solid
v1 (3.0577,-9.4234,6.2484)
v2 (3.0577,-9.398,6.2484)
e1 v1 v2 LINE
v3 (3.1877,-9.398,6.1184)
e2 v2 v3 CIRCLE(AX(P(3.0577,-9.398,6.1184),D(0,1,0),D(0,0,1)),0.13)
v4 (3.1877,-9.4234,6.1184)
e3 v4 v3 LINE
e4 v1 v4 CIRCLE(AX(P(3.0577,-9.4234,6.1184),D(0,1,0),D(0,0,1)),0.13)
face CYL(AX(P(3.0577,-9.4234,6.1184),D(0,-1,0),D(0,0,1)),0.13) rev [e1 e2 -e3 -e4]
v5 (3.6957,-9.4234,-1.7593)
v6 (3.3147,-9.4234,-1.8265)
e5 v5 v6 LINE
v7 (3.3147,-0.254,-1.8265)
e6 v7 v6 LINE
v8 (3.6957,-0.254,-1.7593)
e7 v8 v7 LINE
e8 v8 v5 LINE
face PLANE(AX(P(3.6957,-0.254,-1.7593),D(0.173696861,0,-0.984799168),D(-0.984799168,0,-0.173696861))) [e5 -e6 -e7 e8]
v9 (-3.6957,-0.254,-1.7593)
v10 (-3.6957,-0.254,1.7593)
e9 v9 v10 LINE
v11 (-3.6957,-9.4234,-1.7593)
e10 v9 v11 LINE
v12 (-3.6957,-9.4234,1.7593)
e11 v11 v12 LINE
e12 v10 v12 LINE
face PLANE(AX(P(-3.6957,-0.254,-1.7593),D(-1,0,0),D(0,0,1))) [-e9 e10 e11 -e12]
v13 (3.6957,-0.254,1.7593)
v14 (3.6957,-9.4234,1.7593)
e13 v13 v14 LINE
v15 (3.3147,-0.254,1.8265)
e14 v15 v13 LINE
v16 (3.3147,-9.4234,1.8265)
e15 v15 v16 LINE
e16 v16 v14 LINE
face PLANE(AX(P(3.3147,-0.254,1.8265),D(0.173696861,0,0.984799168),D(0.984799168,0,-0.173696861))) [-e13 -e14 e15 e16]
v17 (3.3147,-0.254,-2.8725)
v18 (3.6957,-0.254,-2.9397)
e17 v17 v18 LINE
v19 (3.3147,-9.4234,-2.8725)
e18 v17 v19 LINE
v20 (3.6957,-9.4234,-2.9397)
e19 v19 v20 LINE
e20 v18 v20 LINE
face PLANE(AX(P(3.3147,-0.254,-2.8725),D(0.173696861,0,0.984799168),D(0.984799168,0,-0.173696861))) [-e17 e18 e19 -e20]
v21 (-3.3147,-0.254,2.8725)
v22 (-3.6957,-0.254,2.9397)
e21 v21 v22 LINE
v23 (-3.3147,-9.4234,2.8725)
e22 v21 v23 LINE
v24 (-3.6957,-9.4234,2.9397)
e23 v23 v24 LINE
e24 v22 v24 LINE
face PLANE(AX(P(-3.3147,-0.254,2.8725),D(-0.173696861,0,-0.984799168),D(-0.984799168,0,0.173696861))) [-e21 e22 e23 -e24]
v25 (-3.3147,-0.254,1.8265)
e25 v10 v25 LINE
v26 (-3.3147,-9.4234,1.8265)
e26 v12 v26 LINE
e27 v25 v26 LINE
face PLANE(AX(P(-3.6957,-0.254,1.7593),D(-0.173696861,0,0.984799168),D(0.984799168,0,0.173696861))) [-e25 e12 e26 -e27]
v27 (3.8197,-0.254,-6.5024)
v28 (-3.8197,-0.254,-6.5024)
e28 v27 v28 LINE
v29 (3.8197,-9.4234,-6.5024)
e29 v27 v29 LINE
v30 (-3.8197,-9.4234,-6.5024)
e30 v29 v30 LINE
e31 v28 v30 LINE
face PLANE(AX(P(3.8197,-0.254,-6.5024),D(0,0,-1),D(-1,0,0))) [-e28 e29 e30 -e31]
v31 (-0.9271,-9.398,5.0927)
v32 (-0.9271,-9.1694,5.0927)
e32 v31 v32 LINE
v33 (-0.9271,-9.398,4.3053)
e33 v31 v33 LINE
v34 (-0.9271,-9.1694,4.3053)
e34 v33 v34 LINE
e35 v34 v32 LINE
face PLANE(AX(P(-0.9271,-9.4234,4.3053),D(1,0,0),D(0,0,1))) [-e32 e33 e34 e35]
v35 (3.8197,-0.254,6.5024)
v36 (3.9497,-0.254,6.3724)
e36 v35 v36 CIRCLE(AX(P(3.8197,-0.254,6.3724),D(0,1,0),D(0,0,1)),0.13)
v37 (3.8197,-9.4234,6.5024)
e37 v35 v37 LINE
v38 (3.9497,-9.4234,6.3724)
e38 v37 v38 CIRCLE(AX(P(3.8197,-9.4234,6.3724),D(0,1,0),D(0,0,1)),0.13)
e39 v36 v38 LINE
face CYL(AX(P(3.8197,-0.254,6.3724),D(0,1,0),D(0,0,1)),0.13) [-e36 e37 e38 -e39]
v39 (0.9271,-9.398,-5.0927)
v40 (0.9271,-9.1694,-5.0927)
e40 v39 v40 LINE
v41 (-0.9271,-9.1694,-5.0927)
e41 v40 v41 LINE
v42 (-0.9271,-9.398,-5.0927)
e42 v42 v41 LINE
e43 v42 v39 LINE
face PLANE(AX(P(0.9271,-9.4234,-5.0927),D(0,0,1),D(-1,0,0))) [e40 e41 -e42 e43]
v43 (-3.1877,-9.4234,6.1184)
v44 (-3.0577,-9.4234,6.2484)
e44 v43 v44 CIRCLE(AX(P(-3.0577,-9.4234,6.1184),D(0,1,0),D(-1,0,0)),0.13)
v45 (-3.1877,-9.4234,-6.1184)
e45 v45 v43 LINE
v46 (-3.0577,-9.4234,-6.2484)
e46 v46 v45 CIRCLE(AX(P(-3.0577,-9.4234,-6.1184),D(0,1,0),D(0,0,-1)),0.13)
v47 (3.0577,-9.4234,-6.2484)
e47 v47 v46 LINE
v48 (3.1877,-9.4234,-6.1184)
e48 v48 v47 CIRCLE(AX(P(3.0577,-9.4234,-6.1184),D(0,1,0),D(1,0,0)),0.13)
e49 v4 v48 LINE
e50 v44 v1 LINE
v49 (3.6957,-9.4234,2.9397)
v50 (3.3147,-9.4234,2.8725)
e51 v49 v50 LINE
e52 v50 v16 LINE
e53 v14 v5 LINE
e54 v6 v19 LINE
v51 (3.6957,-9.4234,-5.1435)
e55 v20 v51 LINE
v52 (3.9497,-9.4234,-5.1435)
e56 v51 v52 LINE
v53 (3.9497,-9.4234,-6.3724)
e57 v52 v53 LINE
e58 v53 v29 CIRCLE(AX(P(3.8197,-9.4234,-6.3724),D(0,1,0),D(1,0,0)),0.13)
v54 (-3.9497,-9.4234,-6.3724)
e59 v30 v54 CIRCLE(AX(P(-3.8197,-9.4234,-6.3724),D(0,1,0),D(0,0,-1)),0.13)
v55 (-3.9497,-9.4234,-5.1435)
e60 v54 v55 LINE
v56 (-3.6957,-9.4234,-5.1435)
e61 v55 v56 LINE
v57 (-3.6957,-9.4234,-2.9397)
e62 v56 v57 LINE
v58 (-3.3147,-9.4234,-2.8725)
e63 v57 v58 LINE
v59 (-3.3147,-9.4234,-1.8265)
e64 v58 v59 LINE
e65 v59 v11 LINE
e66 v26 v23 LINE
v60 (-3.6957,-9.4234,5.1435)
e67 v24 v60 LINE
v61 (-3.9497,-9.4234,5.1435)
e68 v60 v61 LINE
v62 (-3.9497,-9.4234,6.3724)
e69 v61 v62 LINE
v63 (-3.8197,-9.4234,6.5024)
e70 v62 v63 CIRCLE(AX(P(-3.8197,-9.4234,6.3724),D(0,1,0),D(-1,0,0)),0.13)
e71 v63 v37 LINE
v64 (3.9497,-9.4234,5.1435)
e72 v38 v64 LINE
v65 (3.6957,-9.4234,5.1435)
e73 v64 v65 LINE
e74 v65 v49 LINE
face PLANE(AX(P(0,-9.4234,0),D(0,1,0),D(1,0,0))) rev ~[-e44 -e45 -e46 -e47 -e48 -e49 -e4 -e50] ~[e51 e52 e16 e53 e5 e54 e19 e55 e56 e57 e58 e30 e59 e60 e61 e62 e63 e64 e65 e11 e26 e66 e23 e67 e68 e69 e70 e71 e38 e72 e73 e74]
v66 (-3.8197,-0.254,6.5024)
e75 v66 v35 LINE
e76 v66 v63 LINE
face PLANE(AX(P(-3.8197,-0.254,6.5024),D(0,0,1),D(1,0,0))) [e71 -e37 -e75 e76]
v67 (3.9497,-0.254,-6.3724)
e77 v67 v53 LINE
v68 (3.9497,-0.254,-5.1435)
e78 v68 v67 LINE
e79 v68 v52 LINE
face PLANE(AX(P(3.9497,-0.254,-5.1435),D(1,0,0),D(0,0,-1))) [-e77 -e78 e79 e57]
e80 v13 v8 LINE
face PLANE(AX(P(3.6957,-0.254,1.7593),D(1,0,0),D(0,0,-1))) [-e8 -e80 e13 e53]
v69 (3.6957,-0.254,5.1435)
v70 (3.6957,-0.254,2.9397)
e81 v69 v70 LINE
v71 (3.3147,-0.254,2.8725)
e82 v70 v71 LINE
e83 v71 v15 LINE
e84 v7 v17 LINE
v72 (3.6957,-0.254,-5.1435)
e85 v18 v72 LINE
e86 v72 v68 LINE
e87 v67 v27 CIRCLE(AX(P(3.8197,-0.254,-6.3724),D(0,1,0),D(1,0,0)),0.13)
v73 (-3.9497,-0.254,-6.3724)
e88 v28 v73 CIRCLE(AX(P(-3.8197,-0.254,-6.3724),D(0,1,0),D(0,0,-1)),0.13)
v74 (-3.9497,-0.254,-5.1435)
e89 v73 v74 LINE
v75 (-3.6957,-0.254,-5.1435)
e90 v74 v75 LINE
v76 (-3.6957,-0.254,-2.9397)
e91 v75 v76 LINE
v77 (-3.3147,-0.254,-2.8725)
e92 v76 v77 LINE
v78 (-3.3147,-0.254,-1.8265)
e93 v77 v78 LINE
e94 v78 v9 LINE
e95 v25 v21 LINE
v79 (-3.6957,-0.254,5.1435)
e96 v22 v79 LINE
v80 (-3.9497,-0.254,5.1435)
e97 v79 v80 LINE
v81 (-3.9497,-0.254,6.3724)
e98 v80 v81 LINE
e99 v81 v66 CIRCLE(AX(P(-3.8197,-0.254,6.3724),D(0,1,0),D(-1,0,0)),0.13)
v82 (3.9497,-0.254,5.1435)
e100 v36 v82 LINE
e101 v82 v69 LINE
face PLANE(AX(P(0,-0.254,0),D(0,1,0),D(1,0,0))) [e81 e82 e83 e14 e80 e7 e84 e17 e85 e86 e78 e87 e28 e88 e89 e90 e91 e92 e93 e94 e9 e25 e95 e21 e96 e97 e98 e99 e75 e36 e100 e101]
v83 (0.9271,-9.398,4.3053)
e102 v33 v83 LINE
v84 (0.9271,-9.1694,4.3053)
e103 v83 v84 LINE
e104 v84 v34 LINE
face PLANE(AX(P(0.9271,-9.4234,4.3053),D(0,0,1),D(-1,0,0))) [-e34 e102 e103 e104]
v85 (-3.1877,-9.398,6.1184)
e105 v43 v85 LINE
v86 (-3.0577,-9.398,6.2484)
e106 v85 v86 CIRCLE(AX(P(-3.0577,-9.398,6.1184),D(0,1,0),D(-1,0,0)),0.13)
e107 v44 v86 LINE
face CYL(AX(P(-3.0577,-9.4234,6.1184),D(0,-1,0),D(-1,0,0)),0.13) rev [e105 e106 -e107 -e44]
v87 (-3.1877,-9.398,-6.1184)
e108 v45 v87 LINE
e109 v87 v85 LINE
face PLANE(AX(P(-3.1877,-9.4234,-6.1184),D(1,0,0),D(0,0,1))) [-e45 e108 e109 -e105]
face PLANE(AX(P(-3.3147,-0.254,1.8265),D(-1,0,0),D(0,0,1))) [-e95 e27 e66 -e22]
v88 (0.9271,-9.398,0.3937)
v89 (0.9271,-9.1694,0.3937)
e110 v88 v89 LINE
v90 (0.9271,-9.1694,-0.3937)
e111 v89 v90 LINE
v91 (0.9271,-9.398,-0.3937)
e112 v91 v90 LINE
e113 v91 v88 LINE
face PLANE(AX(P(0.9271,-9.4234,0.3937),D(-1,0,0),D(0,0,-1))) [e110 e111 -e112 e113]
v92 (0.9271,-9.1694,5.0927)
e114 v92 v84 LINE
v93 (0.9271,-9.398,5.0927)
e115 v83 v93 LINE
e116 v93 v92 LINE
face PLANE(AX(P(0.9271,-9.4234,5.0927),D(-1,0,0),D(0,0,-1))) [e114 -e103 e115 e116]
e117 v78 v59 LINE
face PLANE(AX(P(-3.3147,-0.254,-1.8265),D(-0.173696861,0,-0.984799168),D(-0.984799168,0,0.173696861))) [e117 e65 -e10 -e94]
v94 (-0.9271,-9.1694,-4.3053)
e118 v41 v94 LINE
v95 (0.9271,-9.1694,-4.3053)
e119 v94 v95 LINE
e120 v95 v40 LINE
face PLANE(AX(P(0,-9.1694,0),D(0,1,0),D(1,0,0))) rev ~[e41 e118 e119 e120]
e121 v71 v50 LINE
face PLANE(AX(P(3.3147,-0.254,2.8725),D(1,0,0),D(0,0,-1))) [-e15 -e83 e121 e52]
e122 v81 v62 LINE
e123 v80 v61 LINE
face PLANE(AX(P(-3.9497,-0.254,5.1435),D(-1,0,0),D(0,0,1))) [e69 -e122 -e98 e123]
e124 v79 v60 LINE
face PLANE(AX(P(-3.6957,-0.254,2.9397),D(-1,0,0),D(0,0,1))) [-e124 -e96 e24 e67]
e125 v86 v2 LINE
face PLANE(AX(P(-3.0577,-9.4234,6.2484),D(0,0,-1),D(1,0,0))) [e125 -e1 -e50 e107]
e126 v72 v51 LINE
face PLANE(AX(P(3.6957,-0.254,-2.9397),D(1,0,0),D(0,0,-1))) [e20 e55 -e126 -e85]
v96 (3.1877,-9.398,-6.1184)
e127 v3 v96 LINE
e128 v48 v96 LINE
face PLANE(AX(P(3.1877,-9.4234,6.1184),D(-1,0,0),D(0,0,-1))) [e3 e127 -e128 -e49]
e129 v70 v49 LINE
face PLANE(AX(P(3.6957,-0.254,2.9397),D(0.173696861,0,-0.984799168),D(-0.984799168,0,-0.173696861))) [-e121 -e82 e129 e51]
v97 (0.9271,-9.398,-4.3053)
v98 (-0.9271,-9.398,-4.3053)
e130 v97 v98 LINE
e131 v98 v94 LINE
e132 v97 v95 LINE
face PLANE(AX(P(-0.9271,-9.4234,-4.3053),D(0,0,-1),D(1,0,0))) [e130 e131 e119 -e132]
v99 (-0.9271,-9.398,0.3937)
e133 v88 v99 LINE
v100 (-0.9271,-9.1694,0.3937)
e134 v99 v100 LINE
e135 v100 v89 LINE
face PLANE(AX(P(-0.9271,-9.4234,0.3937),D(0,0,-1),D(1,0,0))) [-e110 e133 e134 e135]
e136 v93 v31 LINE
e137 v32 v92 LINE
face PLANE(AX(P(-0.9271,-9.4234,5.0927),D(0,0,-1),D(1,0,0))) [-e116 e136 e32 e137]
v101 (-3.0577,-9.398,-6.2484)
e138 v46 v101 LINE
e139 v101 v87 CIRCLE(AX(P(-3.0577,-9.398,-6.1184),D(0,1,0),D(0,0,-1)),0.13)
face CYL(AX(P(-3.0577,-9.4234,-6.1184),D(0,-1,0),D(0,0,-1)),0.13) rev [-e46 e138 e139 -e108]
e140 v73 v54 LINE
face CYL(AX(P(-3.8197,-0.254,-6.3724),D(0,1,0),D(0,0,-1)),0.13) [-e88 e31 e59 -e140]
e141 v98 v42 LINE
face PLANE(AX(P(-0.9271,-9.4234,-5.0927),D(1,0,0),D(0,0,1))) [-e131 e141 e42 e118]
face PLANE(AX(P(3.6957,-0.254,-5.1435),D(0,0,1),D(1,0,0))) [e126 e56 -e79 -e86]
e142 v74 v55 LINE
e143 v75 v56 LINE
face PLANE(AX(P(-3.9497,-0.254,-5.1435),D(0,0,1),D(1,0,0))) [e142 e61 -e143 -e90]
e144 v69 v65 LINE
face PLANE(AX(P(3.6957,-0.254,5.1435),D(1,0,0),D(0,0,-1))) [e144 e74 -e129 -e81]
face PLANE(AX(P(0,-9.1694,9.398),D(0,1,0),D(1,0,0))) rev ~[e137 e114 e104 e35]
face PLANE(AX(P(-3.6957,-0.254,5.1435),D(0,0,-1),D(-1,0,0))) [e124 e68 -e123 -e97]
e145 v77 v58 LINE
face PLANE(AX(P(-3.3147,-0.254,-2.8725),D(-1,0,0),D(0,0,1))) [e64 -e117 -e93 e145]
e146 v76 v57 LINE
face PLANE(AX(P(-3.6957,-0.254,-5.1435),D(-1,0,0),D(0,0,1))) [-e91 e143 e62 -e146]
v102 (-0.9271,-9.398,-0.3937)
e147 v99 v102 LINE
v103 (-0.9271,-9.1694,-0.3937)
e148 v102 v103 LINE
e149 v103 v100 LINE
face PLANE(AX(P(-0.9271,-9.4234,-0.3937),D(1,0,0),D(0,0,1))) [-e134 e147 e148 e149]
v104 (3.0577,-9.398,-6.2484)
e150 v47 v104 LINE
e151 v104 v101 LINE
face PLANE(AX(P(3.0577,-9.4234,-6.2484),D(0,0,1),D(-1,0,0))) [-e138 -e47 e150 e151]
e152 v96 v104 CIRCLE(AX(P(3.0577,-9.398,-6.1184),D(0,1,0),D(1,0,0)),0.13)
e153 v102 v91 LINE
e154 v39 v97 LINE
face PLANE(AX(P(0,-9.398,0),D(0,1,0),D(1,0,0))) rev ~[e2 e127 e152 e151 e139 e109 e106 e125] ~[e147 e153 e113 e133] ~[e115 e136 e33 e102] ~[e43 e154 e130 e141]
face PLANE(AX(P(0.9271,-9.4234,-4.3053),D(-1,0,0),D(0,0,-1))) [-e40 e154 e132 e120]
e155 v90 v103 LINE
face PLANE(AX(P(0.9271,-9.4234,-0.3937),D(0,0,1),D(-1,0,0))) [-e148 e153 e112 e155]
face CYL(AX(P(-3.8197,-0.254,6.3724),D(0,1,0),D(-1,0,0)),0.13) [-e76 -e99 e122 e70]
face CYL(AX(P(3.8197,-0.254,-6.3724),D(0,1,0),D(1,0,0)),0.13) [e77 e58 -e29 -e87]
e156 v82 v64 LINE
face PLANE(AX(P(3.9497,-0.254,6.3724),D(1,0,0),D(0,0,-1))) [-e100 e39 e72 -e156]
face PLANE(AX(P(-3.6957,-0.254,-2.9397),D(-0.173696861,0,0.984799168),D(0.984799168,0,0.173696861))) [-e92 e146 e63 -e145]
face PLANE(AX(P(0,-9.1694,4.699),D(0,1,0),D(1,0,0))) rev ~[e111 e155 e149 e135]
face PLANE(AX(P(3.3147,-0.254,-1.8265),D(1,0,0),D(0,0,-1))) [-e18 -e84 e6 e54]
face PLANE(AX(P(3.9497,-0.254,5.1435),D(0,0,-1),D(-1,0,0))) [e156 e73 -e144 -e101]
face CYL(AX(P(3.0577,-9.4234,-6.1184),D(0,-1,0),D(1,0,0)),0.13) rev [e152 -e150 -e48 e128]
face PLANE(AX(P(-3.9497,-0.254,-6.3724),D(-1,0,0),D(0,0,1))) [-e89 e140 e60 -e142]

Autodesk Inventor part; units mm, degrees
sketch "Sketch_2" plane through (0, -0.254, 0) normal (0, 1, 0) x (1, 0, 0)
  line L0 (-3.9497, -5.1435) -> (-3.9497, -6.3724)
  arc A0 (-3.9497, -6.3724) -> (-3.8197, -6.5024) centre (-3.8197, -6.3724) ccw
  line L1 (-3.8197, -6.5024) -> (3.8197, -6.5024)
  arc A1 (3.8197, -6.5024) -> (3.9497, -6.3724) centre (3.8197, -6.3724) ccw
  line L2 (3.9497, -6.3724) -> (3.9497, -5.1435)
  line L3 (3.9497, -5.1435) -> (3.6957, -5.1435)
  line L4 (3.6957, -5.1435) -> (3.6957, -2.9397)
  line L5 (3.6957, -2.9397) -> (3.3147, -2.8725)
  line L6 (3.3147, -2.8725) -> (3.3147, -1.8265)
  line L7 (3.3147, -1.8265) -> (3.6957, -1.7593)
  line L8 (3.6957, -1.7593) -> (3.6957, 1.7593)
  line L9 (3.6957, 1.7593) -> (3.3147, 1.8265)
  line L10 (3.3147, 1.8265) -> (3.3147, 2.8725)
  line L11 (3.3147, 2.8725) -> (3.6957, 2.9397)
  line L12 (3.6957, 2.9397) -> (3.6957, 5.1435)
  line L13 (3.6957, 5.1435) -> (3.9497, 5.1435)
  line L14 (3.9497, 5.1435) -> (3.9497, 6.3724)
  arc A2 (3.9497, 6.3724) -> (3.8197, 6.5024) centre (3.8197, 6.3724) ccw
  line L15 (3.8197, 6.5024) -> (-3.8197, 6.5024)
  arc A3 (-3.8197, 6.5024) -> (-3.9497, 6.3724) centre (-3.8197, 6.3724) ccw
  line L16 (-3.9497, 6.3724) -> (-3.9497, 5.1435)
  line L17 (-3.9497, 5.1435) -> (-3.6957, 5.1435)
  line L18 (-3.6957, 5.1435) -> (-3.6957, 2.9397)
  line L19 (-3.6957, 2.9397) -> (-3.3147, 2.8725)
  line L20 (-3.3147, 2.8725) -> (-3.3147, 1.8265)
  line L21 (-3.3147, 1.8265) -> (-3.6957, 1.7593)
  line L22 (-3.6957, 1.7593) -> (-3.6957, -1.7593)
  line L23 (-3.6957, -1.7593) -> (-3.3147, -1.8265)
  line L24 (-3.3147, -1.8265) -> (-3.3147, -2.8725)
  line L25 (-3.3147, -2.8725) -> (-3.6957, -2.9397)
  line L26 (-3.6957, -2.9397) -> (-3.6957, -5.1435)
  line L27 (-3.6957, -5.1435) -> (-3.9497, -5.1435)
extrude "Extrusion1" add sketch "Sketch_2" against normal blind 9.1694
sketch "Sketch_1" plane through (0, -9.4234, 0) normal (0, 1, 0) x (1, 0, 0)
  line L0 (-3.1877, 6.1184) -> (-3.1877, -6.1184)
  arc A0 (-3.1877, -6.1184) -> (-3.0577, -6.2484) centre (-3.0577, -6.1184) ccw
  line L1 (-3.0577, -6.2484) -> (3.0577, -6.2484)
  arc A1 (3.0577, -6.2484) -> (3.1877, -6.1184) centre (3.0577, -6.1184) ccw
  line L2 (3.1877, -6.1184) -> (3.1877, 6.1184)
  arc A2 (3.1877, 6.1184) -> (3.0577, 6.2484) centre (3.0577, 6.1184) ccw
  line L3 (3.0577, 6.2484) -> (-3.0577, 6.2484)
  arc A3 (-3.0577, 6.2484) -> (-3.1877, 6.1184) centre (-3.0577, 6.1184) ccw
extrude "Extrusion2" cut sketch "Sketch_1" along normal blind 0.0254
sketch "Sketch_7" plane through (0, -9.4234, 0) normal (0, 1, 0) x (1, 0, 0)
  line L0 (-0.9271, 5.0927) -> (-0.9271, 4.3053)
  line L1 (-0.9271, 4.3053) -> (0.9271, 4.3053)
  line L2 (0.9271, 4.3053) -> (0.9271, 5.0927)
  line L3 (0.9271, 5.0927) -> (-0.9271, 5.0927)
extrude "Extrusion3" cut sketch "Sketch_7" along normal blind 0.254
pattern_linear "Rectangular Pattern1" count 3 spacing 4.699 along (0, 0, 1) of "Extrusion3"
ref_plane "rot_XY" through (0, 6.6675, 0) normal (1, 0, 0) x (0, 0, -1)
ref_plane "rot_YZ" through (0, 6.6675, 0) normal (0, 0, -1) x (0, 1, 0)
ref_plane "rot_ZX" through (0, 6.6675, 0) normal (0, 1, 0) x (1, 0, 0)
ref_plane "to_cover_XY" through (0, -0.254, 0) normal (0, 1, 0) x (1, 0, 0)
ref_plane "to_cover_YZ" through (0, -0.254, 0) normal (1, 0, 0) x (0, 0, -1)
ref_plane "to_cover_ZX" through (0, -0.254, 0) normal (0, 0, -1) x (0, 1, 0)
ref_plane "to_terminals_XY" through (0, -9.4234, 0) normal (0, 1, 0) x (1, 0, 0)
ref_plane "to_terminals_YZ" through (0, -9.4234, 0) normal (1, 0, 0) x (0, 0, -1)
ref_plane "to_terminals_ZX" through (0, -9.4234, 0) normal (0, 0, -1) x (0, 1, 0)
properties part number "M20121SA2W13BR-switch"
